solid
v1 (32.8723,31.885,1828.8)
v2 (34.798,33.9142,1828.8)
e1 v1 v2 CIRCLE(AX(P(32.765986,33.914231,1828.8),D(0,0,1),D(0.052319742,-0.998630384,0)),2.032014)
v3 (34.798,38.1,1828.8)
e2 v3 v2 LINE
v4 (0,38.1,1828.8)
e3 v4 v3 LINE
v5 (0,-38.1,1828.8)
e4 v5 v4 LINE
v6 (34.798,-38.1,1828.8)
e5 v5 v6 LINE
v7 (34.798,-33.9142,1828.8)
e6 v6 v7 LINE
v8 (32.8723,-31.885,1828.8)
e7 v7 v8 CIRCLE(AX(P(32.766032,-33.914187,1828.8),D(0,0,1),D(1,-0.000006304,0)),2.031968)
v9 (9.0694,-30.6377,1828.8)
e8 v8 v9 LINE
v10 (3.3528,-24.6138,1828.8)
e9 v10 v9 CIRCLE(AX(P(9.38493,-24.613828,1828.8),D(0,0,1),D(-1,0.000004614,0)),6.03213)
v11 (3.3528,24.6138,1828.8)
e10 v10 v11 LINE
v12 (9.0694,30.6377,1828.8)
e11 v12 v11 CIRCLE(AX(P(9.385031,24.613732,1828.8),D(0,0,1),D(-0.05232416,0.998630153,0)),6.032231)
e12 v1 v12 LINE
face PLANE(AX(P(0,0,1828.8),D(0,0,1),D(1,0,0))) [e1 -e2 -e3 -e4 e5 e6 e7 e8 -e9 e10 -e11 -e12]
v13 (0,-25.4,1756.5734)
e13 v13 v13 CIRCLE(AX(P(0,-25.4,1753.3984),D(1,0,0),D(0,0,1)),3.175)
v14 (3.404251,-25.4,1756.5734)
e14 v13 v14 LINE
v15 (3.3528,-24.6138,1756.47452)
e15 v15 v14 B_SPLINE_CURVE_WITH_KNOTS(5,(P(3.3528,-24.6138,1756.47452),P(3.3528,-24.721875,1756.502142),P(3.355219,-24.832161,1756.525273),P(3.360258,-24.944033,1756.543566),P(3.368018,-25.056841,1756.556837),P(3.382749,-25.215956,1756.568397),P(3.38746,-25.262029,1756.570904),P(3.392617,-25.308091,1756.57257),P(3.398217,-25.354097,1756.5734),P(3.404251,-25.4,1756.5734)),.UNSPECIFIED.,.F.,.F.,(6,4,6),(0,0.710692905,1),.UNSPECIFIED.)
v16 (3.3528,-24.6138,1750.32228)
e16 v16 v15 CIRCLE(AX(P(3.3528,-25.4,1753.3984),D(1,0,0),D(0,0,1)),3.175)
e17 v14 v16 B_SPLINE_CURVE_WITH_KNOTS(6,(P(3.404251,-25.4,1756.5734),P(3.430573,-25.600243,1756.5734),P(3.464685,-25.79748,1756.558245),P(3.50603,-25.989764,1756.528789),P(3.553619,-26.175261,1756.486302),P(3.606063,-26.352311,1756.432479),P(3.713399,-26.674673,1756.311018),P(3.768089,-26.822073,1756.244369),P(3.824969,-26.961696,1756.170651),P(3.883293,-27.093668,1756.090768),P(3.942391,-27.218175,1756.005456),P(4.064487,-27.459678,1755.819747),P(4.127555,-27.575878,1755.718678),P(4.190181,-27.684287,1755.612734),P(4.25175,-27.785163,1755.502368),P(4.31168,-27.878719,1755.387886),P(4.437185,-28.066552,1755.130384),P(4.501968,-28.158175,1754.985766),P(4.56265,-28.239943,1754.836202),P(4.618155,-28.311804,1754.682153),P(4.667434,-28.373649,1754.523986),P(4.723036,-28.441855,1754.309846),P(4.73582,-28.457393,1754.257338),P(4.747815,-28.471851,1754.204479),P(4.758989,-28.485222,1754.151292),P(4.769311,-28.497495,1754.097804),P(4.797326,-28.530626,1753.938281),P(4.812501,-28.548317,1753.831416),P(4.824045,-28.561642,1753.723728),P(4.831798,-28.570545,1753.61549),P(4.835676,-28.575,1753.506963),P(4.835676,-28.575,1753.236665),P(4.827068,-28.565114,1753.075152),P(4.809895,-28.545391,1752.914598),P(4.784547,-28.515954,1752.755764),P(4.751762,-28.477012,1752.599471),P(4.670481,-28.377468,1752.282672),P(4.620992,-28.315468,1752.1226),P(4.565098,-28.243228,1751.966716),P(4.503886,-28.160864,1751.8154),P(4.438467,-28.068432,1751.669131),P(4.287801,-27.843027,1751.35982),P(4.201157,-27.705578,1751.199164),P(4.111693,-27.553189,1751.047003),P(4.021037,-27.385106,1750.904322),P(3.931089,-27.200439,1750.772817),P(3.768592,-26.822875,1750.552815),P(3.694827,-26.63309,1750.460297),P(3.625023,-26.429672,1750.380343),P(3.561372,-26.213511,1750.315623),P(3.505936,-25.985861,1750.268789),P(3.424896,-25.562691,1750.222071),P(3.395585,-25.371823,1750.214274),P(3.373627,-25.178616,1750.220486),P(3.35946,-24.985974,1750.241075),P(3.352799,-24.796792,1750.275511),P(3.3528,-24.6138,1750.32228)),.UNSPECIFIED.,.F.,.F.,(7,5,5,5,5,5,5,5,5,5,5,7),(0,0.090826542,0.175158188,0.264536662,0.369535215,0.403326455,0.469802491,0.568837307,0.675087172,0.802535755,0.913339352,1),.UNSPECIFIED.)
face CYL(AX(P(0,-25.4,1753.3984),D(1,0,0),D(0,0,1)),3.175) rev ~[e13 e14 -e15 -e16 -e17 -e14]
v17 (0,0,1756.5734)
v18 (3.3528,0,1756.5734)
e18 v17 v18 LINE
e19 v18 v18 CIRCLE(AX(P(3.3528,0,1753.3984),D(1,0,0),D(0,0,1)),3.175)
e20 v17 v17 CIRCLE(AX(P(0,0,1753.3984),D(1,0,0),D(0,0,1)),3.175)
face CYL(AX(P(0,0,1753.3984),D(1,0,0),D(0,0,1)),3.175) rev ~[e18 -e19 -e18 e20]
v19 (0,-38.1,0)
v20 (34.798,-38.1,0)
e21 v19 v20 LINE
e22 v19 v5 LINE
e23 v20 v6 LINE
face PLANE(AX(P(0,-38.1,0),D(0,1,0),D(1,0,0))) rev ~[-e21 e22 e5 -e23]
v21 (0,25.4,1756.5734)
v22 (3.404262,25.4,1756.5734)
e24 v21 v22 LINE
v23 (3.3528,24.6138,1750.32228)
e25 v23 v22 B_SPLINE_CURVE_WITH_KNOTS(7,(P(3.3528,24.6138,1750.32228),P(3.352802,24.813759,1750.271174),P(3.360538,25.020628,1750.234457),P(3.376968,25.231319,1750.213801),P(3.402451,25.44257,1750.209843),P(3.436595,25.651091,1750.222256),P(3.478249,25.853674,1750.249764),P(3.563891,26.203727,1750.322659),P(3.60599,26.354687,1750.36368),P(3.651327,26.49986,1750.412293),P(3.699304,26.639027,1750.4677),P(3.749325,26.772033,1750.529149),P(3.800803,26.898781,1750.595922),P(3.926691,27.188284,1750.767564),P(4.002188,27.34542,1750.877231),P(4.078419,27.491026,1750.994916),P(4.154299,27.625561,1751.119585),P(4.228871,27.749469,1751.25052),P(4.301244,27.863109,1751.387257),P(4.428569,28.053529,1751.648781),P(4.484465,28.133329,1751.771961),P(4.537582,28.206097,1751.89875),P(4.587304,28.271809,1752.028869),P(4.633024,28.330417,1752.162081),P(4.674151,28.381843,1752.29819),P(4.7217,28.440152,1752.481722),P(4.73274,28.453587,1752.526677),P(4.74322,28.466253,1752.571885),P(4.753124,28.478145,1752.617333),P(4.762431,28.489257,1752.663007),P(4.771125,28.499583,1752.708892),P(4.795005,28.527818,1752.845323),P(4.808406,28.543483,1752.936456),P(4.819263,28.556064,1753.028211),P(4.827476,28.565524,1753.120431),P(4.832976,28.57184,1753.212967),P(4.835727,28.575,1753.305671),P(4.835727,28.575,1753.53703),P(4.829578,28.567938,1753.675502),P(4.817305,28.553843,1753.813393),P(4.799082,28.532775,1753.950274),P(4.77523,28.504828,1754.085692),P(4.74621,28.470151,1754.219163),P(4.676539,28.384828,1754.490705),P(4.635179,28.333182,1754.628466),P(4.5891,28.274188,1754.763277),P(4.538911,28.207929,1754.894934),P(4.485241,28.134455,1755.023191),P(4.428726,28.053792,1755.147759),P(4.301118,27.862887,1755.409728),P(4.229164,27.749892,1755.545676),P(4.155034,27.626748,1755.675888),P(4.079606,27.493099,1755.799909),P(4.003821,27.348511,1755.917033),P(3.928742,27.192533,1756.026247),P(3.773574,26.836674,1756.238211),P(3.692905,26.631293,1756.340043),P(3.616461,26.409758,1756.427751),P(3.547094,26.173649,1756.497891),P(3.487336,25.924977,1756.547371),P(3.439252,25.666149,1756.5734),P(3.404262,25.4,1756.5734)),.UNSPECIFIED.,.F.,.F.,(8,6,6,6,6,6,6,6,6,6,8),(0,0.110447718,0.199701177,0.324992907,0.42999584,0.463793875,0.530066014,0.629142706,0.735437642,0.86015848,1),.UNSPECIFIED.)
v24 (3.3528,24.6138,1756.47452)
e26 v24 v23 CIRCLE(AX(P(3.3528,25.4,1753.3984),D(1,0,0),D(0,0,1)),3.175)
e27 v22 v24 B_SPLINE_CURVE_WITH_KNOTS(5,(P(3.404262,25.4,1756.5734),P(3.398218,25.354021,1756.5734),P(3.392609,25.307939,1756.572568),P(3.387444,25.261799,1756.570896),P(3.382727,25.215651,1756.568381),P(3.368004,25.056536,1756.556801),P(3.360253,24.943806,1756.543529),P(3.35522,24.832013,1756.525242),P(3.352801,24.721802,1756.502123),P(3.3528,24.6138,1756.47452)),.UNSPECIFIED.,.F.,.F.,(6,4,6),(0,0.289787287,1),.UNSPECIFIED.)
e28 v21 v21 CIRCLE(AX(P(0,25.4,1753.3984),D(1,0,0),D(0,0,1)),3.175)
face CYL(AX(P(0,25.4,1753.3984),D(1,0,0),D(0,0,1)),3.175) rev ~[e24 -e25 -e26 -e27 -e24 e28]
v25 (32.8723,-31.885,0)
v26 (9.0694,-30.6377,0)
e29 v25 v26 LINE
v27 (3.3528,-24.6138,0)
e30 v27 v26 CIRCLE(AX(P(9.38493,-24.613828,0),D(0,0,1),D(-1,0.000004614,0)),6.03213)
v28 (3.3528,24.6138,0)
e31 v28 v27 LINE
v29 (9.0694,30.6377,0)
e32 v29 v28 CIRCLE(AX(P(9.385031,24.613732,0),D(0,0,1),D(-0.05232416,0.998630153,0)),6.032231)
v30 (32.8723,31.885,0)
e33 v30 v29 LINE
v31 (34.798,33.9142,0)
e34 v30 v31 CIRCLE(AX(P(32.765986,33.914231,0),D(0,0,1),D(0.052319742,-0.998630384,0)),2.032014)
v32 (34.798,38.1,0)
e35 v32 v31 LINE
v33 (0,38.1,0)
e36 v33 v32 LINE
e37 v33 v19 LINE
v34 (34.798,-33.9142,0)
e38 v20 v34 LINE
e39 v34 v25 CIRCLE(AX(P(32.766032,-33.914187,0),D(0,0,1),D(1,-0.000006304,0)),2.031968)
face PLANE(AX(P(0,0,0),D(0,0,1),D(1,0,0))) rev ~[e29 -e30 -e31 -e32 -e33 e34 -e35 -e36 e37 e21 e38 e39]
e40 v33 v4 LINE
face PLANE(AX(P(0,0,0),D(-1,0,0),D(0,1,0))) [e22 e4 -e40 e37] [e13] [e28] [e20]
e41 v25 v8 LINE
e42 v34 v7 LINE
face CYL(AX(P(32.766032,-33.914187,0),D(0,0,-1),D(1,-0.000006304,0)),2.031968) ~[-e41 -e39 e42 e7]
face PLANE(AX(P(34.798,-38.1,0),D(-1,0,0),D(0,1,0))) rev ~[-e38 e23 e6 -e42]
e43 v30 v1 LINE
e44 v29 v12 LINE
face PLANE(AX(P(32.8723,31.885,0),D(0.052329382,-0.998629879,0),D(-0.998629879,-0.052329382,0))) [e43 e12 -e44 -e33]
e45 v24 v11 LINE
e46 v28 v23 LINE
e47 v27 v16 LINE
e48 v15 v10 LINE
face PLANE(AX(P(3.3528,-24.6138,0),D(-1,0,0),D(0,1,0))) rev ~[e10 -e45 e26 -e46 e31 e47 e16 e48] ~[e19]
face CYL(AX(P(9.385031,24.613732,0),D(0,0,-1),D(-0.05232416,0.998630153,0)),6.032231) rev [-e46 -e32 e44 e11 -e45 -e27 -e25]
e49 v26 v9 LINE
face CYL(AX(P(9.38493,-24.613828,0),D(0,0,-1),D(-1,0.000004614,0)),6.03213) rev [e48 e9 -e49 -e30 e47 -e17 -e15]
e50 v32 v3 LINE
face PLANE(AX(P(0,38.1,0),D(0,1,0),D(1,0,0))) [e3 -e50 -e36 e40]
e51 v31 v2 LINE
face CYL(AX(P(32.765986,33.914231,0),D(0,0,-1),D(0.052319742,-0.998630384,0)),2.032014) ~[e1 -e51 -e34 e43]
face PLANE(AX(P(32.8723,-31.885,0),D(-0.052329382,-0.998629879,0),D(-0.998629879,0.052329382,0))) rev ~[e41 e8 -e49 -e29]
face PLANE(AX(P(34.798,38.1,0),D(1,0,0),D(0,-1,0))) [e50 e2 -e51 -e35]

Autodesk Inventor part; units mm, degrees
ref_plane "YZ Plane" through (0, 0, 0) normal (1, 0, 0) x (0, 1, 0)
ref_plane "Start plane" through (0, 0, 0) normal (0, 0, 1) x (1, 0, 0)
ref_plane "End plane" through (0, 0, 1828.8) normal (0, 0, 1) x (1, 0, 0)
sketch "Sketch" plane through (0, 0, 0) normal (0, 0, 1) x (1, 0, 0)
  line L0 (0, 0) -> (0, 38.1)
  line L1 (0, 38.1) -> (34.798, 38.1)
  line L2 (34.798, 38.1) -> (34.798, 33.9142)
  line L3 (32.8723, 31.885) -> (9.0694, 30.6377)
  line L4 (3.3528, 24.6138) -> (3.3528, 0)
  line L5 (3.3528, 0) -> (0, 0) construction
  line L6 (19.1472, 38.1) -> (19.1472, 31.1658) construction
  line L7 (34.798, 31.9859) -> (34.798, 31.1658) construction
  line L8 (34.798, 31.1658) -> (19.1472, 31.1658) construction
  line L9 (0, 15) -> (0, -27) construction
  line L10 (-5.539, 0) -> (16.0067, 0) construction
  line L11 (0, 0) -> (0, -38.1)
  line L12 (0, -38.1) -> (34.798, -38.1)
  line L13 (34.798, -38.1) -> (34.798, -33.9142)
  line L14 (32.8723, -31.885) -> (9.0694, -30.6377)
  line L15 (3.3528, -24.6138) -> (3.3528, 0)
  arc A0 (9.0694, 30.6377) -> (3.3528, 24.6138) centre (9.385, 24.6138) ccw
  arc A1 (3.3528, -24.6138) -> (9.0694, -30.6377) centre (9.385, -24.6138) ccw
  arc A2 (32.8723, 31.885) -> (34.798, 33.9142) centre (32.766, 33.9142) ccw
  arc A3 (34.798, -33.9142) -> (32.8723, -31.885) centre (32.766, -33.9142) ccw
  line L16 (0, 53.34) -> (0, -53.34) construction
  line L17 (-13.6873, 0) -> (43.3511, 0) construction
  point P0 (3.3528, 30.3382)
  point P1 (34.798, -31.9859)
  point P2 (3.3528, -30.3382)
  point P3 (19.1472, -38.1)
  point P4 (19.1472, -31.1658)
  dimension "d0" = 3.3528
  dimension "d1" = 38.1
  dimension "d2" = 34.798
  dimension "d3" = 6.9342
  dimension "d4" = 15.6509
  dimension "d5" = 0.8201
  dimension "d25" = 0
  dimension "d28" = 6.0322
  dimension "d29" = 2.032
extrude "Body" add sketch "Sketch" along normal up to surface (1828.8 mm away) from surface at 0
sketch "Sketch3" plane through (0, 0, 0) normal (0, 0, 1) x (1, 0, 0)
  line L0 (0, 0) -> (10, 0)
ref_plane "Work Plane3" through (0, 0, 0) normal (0, -1, 0) x (1, 0, 0)
sketch "Sketch4" plane through (0, 0, 0) normal (0, -1, 0) x (1, 0, 0)
  line L0 (-2, 0) -> (12, 0)
  line L1 (-2, 1828.8) -> (12, 1828.8)
  dimension "d31" = 1828.8
sketch "Sketch5" plane through (0, 38.1, 0) normal (-1, 0, 0) x (0, 0, 1)
  circle A0 centre (1753.3984, -12.7) radius 3.175 projected
  circle A1 centre (1753.3984, -38.1) radius 3.175 projected
  circle A2 centre (1753.3984, -63.5) radius 3.175 projected
  point P0 (0, -38.1)
hole "Hole1" at (0, 25.4, 1753.3984) at (0, 0, 1753.3984) at (0, -25.4, 1753.3984) direction (1, 0, 0) diameter 6.35 end through all
equation "\"d0\" = G_T"
equation "\"d1\" = 0.5 * G_H"
equation "\"d2\" = G_W"
equation "\"d3\" = G_T1"
equation "\"d4\" = G_C"
equation "\"d28\" = G_IR"
equation "\"d29\" = G_ER"
equation "\"d6\" = G_L"
equation "\"G_W\" = 34.798"
equation "\"G_H\" = 76.2"
equation "\"G_T\" = 3.3528"
equation "\"G_T1\" = 6.9342"
equation "\"G_NG\" = 0.0524"
equation "\"G_ER\" = 2.032"
equation "\"G_IR\" = 6.03222"
equation "\"G_C\" = 15.65085"
equation "\"G_L\" = d31"
equation "\"ex\" = 0"
equation "\"G_OFFSET_START\" = 0"
equation "\"G_OFFSET_END\" = 0"
equation "\"d27\" = G_OFFSET_END + B_L"
equation "\"B_L\" = 1828.8"
properties part number "AISC - C 3 x 3.5 - 72" material "Steel, Mild"
